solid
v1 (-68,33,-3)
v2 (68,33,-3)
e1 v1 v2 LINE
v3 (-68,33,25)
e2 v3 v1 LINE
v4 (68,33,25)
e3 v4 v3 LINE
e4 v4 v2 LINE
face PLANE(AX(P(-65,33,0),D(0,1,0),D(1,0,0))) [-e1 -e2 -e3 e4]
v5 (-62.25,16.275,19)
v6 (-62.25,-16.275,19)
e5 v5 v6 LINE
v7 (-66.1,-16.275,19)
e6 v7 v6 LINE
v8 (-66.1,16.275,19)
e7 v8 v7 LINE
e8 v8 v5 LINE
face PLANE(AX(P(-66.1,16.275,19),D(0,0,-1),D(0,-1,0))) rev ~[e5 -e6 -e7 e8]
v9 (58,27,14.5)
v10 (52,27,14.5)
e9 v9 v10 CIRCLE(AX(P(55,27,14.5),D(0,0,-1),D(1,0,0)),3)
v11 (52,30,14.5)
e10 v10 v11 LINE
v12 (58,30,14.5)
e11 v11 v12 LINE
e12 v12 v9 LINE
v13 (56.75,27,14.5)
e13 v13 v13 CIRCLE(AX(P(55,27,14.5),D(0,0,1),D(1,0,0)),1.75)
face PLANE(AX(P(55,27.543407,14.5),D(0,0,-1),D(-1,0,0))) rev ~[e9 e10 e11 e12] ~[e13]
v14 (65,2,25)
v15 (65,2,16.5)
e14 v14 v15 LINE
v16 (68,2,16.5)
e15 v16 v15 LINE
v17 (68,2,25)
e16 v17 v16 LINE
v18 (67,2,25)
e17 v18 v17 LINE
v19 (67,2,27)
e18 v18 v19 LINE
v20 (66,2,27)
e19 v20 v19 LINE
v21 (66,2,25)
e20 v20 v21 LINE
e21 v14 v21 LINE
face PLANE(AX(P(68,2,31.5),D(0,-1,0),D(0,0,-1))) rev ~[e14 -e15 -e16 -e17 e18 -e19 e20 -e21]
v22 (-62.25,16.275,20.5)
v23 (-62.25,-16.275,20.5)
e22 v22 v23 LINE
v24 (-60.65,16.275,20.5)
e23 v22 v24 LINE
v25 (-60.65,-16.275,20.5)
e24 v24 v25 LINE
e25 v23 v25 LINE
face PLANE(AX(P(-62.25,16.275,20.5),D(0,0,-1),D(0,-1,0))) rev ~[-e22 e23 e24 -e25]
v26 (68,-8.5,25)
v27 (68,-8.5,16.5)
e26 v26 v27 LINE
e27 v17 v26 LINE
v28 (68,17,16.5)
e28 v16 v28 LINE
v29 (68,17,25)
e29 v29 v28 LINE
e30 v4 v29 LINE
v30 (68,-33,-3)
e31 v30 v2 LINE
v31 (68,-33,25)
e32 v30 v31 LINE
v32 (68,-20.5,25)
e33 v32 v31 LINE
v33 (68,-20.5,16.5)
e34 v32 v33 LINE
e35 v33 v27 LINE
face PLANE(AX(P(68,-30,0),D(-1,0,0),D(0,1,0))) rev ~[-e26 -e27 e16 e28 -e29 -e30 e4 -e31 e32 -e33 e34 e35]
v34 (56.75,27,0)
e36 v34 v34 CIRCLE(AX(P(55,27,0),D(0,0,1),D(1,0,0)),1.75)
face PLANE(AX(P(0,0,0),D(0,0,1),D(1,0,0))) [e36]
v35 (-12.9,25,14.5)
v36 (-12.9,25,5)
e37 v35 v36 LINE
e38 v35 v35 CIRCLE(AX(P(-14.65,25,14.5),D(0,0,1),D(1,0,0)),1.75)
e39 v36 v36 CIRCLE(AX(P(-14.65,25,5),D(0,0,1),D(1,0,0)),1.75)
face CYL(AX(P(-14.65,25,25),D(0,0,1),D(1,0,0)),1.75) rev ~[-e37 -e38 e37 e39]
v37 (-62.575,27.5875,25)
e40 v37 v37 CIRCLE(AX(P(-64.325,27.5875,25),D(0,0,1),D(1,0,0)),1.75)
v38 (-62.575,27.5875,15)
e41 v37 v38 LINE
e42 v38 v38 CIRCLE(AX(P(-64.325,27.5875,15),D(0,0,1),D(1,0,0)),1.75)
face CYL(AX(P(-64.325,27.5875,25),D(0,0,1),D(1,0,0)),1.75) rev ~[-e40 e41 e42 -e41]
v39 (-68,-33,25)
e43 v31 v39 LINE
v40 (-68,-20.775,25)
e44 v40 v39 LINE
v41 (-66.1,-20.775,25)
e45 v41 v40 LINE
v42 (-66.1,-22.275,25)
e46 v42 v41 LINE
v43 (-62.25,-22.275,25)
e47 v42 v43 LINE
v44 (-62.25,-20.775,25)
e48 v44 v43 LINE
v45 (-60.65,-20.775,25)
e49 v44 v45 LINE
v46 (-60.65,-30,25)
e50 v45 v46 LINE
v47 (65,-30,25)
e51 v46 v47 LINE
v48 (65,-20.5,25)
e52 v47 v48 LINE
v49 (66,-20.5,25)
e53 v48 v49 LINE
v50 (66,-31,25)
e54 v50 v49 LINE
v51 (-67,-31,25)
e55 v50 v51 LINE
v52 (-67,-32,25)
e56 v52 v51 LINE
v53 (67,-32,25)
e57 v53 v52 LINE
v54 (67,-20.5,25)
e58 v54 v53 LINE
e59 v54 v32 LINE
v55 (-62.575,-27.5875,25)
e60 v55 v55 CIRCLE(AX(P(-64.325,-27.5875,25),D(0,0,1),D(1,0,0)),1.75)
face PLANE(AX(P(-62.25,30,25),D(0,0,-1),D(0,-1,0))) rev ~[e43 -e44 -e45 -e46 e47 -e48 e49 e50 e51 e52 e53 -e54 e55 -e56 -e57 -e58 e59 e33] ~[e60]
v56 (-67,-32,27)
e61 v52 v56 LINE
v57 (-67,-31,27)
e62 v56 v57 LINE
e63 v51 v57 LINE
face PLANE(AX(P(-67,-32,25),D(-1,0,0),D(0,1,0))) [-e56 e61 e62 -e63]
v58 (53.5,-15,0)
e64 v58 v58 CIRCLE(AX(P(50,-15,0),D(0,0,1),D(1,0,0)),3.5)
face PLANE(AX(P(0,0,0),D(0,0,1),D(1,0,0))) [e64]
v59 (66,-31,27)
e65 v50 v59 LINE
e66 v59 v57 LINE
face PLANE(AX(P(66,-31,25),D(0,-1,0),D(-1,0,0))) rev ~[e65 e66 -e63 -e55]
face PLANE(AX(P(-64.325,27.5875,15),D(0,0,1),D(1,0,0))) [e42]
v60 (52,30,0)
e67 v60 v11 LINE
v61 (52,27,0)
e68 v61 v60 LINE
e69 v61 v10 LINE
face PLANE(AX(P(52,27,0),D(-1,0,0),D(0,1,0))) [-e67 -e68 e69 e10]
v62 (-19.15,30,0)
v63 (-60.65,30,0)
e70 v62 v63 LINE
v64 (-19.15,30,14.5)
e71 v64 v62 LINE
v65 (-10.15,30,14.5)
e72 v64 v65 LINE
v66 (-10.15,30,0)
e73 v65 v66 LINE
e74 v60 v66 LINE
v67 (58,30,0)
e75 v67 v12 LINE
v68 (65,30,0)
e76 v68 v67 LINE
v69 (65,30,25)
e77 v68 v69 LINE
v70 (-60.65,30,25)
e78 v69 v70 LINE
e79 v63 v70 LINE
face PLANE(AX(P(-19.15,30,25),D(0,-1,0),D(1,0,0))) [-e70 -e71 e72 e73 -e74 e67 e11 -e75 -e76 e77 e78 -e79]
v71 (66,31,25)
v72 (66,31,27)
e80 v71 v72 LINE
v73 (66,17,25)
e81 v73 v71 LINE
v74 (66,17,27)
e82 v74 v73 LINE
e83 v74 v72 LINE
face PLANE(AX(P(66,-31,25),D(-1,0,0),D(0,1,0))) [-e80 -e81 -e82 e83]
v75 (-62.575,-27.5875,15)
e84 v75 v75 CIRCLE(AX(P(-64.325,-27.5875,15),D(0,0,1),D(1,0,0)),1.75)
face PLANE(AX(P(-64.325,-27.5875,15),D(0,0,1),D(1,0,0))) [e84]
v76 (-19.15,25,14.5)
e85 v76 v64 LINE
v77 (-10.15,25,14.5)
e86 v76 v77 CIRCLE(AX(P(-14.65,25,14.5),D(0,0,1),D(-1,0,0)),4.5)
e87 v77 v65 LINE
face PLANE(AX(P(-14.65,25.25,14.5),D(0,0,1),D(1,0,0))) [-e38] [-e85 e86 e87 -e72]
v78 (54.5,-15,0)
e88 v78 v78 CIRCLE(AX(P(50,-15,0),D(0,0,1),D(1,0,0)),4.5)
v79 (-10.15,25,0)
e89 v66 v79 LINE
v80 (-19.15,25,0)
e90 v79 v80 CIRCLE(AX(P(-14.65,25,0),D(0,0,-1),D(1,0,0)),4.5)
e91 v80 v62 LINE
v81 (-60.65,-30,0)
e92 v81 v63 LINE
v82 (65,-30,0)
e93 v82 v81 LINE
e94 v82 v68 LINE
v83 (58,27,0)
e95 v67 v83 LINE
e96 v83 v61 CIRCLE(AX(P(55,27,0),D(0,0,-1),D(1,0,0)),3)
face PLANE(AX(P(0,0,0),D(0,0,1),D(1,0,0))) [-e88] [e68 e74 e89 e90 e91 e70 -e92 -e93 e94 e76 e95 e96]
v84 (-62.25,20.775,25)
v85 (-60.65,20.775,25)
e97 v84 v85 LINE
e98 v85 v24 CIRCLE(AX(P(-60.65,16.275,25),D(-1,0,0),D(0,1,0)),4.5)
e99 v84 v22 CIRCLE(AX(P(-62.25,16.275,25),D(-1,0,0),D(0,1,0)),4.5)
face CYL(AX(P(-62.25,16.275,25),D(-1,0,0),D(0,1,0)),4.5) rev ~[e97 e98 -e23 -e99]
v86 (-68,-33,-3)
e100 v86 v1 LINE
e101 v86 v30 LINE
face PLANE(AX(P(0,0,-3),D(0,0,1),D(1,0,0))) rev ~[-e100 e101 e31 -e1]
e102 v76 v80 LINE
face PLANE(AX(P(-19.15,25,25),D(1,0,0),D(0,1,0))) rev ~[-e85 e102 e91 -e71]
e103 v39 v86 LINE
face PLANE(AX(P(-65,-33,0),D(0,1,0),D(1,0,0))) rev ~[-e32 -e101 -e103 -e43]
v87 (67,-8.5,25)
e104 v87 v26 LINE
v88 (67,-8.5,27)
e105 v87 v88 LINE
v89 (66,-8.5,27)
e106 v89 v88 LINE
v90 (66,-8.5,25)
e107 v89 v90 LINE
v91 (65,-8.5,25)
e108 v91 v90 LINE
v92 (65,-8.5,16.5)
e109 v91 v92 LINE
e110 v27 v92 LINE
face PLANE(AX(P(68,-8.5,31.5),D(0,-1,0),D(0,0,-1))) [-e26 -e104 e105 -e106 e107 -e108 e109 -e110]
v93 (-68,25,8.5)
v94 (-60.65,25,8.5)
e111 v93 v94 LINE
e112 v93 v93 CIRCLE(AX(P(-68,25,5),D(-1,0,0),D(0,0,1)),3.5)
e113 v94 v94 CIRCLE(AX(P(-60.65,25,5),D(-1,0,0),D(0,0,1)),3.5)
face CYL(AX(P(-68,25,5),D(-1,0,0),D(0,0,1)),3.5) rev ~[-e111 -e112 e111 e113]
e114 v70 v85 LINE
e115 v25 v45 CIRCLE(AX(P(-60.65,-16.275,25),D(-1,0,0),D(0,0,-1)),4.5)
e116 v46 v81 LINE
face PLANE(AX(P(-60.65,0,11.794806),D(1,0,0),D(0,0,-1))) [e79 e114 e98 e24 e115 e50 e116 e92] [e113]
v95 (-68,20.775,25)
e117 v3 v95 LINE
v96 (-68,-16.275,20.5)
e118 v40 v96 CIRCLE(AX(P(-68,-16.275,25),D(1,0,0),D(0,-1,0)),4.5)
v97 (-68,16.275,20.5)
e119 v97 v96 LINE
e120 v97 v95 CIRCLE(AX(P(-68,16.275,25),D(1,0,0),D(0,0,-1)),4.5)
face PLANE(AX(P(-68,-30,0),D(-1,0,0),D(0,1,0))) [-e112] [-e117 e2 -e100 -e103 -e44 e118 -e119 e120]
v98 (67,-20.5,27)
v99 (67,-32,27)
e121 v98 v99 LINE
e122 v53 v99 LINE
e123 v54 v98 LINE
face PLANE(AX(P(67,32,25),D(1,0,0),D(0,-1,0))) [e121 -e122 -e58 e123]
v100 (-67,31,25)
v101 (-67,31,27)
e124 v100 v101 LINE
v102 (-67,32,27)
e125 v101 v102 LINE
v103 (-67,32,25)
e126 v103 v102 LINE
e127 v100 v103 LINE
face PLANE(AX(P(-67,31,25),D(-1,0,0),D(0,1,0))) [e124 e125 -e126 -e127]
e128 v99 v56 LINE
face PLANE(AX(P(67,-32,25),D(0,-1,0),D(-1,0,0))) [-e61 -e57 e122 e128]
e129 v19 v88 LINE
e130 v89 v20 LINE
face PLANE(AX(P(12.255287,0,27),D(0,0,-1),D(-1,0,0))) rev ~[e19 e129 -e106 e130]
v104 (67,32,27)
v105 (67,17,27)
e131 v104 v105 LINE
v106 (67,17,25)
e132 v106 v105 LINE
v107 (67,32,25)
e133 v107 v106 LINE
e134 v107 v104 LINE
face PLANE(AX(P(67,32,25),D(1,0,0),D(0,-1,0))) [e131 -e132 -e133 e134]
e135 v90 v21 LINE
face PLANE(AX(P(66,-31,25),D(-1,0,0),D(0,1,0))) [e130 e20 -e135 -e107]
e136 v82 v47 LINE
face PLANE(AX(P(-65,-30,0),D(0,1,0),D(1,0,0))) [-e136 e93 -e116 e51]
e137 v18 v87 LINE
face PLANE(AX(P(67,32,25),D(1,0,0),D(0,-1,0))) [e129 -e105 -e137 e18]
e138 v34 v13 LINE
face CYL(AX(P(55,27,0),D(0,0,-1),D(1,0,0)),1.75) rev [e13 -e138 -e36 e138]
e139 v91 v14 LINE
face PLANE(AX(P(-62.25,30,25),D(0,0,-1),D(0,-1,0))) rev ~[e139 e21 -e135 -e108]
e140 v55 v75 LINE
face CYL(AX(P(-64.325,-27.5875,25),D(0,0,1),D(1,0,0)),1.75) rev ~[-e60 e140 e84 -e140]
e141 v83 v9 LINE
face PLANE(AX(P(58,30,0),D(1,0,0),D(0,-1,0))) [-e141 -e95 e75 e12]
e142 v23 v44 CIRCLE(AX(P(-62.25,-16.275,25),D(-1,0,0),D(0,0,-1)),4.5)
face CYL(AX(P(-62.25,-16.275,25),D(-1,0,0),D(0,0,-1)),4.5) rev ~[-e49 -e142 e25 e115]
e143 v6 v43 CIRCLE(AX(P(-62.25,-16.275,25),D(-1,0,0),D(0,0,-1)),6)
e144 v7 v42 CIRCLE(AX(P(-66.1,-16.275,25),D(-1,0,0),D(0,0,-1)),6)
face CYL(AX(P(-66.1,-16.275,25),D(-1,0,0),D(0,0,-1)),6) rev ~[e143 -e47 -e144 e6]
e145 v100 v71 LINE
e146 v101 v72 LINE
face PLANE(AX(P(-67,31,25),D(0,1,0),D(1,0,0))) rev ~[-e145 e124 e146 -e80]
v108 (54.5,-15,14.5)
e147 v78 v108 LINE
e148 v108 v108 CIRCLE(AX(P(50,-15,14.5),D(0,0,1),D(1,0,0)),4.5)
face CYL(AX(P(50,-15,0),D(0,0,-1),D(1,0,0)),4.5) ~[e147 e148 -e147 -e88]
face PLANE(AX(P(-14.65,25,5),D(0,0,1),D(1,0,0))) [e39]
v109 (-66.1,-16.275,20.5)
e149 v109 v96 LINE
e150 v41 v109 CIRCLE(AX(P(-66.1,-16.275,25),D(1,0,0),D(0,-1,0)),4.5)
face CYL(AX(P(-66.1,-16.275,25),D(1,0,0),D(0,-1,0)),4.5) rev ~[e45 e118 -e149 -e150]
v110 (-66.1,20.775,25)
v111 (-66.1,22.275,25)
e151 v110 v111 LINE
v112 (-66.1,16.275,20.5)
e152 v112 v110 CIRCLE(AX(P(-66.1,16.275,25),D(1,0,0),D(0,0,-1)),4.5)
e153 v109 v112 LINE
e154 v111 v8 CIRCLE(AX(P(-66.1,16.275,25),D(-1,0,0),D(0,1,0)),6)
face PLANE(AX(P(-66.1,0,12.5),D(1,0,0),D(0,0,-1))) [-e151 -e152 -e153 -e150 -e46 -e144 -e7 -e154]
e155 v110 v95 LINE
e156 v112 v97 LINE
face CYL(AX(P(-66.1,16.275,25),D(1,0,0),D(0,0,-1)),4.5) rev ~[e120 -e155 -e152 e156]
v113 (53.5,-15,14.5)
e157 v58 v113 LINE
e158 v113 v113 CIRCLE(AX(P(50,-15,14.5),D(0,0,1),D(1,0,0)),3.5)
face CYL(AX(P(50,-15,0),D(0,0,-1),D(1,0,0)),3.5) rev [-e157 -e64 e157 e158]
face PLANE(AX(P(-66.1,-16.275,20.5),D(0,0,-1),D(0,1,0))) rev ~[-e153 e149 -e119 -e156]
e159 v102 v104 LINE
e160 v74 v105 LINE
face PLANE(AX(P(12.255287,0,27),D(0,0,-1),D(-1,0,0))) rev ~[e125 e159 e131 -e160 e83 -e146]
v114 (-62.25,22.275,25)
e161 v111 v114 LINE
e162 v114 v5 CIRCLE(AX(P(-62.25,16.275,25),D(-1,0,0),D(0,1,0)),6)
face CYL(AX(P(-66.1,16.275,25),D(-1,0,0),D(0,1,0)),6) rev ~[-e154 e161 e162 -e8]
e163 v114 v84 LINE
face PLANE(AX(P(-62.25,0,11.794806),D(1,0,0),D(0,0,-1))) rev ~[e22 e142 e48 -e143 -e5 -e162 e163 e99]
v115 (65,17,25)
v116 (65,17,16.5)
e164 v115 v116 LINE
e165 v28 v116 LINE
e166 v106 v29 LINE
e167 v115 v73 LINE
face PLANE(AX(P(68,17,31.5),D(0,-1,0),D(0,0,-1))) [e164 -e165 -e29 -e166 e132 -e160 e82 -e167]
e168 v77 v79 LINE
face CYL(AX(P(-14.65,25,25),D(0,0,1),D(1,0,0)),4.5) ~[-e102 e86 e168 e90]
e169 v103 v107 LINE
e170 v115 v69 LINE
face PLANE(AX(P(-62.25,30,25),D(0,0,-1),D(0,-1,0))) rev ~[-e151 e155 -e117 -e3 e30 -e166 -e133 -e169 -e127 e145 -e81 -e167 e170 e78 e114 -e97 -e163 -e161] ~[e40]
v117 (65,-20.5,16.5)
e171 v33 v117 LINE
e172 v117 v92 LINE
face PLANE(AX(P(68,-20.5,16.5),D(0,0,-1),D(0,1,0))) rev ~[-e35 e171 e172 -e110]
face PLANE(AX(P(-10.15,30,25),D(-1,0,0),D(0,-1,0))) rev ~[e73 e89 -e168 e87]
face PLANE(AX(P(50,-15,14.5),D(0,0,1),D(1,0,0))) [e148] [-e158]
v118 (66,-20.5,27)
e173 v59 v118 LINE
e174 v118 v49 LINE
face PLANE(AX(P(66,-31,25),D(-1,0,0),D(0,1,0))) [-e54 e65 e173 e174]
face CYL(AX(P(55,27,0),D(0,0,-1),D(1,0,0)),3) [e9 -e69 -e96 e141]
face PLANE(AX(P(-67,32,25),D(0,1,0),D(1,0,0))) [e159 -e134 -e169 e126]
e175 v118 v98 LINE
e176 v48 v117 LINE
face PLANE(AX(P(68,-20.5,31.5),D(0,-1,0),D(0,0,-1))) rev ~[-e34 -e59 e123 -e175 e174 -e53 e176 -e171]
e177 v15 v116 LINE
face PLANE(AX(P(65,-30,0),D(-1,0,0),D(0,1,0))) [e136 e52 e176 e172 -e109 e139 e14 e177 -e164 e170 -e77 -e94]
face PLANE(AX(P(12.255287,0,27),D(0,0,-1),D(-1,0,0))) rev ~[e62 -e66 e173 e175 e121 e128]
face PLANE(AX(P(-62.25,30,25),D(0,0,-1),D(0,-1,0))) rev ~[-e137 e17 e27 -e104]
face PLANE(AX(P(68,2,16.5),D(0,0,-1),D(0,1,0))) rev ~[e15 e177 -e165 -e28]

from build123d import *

# Parameters (mm, degrees)
SZKIC1_W                    = 130
SZKIC1_H                    = 60
DODANIE_WYCI_GNI_CIE1_DEPTH = 25
SKORUPA1_T                  = 3
SZKIC3_W                    = 25
SZKIC3_H                    = 60
WYTNIJ_WYCI_GNI_CIE1_DEPTH  = 1.1
DODANIE_WYCI_GNI_CIE2_DEPTH = 3.85
DODANIE_WYCI_GNI_CIE3_DEPTH = 1.6
WYTNIJ_WYCI_GNI_CIE2_DEPTH  = 141.345324112
SZKIC8_R                    = 1.75
DODANIE_WYCI_GNI_CIE4_DEPTH = 25
SZKIC8_2_R                  = 1.75
WYTNIJ_WYCI_GNI_CIE3_DEPTH  = 10
DODANIE_WYCI_GNI_CIE5_START = 5
SZKIC9_R                    = 1.75
DODANIE_WYCI_GNI_CIE5_DEPTH = 5
DODANIE_WYCI_GNI_CIE6_DEPTH = 2
SZKIC11_W                   = 9
SZKIC11_H                   = 9.5
WYTNIJ_WYCI_GNI_CIE4_DEPTH  = 10.5
WYTNIJ_WYCI_GNI_CIE5_REACH  = 144.527
SZKIC15_W                   = 15
SZKIC15_H                   = 12
SZKIC15_H_2                 = 15
SZKIC16_R                   = 3.5
WYTNIJ_WYCI_GNI_CIE6_DEPTH  = 7.35
SZKIC17_R                   = 4.5
SZKIC17_R_2                 = 3.5
SZKIC17_R_3                 = 1.75
DODANIE_WYCI_GNI_CIE7_DEPTH = 14.5


with BuildPart() as part:
    # Szkic1 → Dodanie-wyciągnięcie1 (new body)
    with BuildSketch(Plane.XY):
        Rectangle(SZKIC1_W, SZKIC1_H)
    extrude(amount=DODANIE_WYCI_GNI_CIE1_DEPTH)

    # Skorupa1
    skorupa1_openings = [part.faces().sort_by_distance(p)[0] for p in [
        (0, 0, 25),
    ]]
    offset(amount=SKORUPA1_T, openings=skorupa1_openings, kind=Kind.INTERSECTION)

    # Szkic3 → Wytnij-wyciągnięcie1 (cut)
    with BuildSketch(Plane(origin=(-65, 0, 0), x_dir=(0, 0, -1), z_dir=(1, 0, 0))):
        with Locations((-12.5, 0)):
            Rectangle(SZKIC3_W, SZKIC3_H)
    extrude(amount=-WYTNIJ_WYCI_GNI_CIE1_DEPTH, mode=Mode.SUBTRACT)

    # Szkic4 → Dodanie-wyciągnięcie2 (add)
    with BuildSketch(Plane(origin=(-66.1, 0, 0), x_dir=(0, 0, -1), z_dir=(1, 0, 0))):
        with BuildLine():
            Line((0, 30), (-25, 30))
            Line((-25, 30), (-25, 22.275))
            ThreePointArc((-25, 22.275), (-20.757359313, 20.517640687), (-19, 16.275))
            Line((-19, 16.275), (-19, -16.275))
            ThreePointArc((-19, -16.275), (-20.757359313, -20.517640687), (-25, -22.275))
            Line((-25, -22.275), (-25, -30))
            Line((-25, -30), (0, -30))
            Line((0, -30), (0, 30))
        make_face()
    extrude(amount=DODANIE_WYCI_GNI_CIE2_DEPTH)

    # Szkic5 → Dodanie-wyciągnięcie3 (add)
    with BuildSketch(Plane(origin=(-62.25, 0, 0), x_dir=(0, 0, -1), z_dir=(1, 0, 0))):
        with BuildLine():
            ThreePointArc((-25, 20.775), (-21.818019485, 19.456980515), (-20.5, 16.275))
            Line((-20.5, 16.275), (-20.5, -16.275))
            ThreePointArc((-20.5, -16.275), (-21.818019485, -19.456980515), (-25, -20.775))
            Line((-25, -20.775), (-25, -30))
            Line((-25, -30), (0, -30))
            Line((0, -30), (0, 30))
            Line((0, 30), (-25, 30))
            Line((-25, 30), (-25, 20.775))
        make_face()
    extrude(amount=DODANIE_WYCI_GNI_CIE3_DEPTH)

    # Szkic6 → Wytnij-wyciągnięcie2 (cut, through all)
    with BuildSketch(Plane(origin=(-66.1, 0, 0), x_dir=(0, 0, -1), z_dir=(1, 0, 0))):
        with BuildLine():
            Line((-20.5, -16.275), (-20.5, 16.275))
            ThreePointArc((-20.5, 16.275), (-21.818019485, 19.456980515), (-25, 20.775))
            Line((-25, 20.775), (-25, -20.775))
            ThreePointArc((-25, -20.775), (-21.818019485, -19.456980515), (-20.5, -16.275))
        make_face()
    extrude(amount=-WYTNIJ_WYCI_GNI_CIE2_DEPTH, mode=Mode.SUBTRACT)

    # Szkic8 → Dodanie-wyciągnięcie4 (add)
    # profile 1 of 3: a face of its own
    with BuildSketch(Plane.XY.offset(25)):
        with Locations((-64.325, 27.5875)):
            Circle(SZKIC8_R)
    # profile 2 of 3: a face of its own
    with BuildSketch(Plane.XY.offset(25)):
        with Locations((-64.325, -27.5875)):
            Circle(SZKIC8_R)
    # profile 3 of 3: a face of its own
    with BuildSketch(Plane.XY.offset(25)):
        with BuildLine():
            Line((-19.15, 25), (-19.15, 30))
            Line((-19.15, 30), (-10.15, 30))
            Line((-10.15, 30), (-10.15, 25))
            ThreePointArc((-10.15, 25), (-14.65, 20.5), (-19.15, 25))
        make_face()
        with Locations((-14.65, 25)):
            Circle(SZKIC8_R, mode=Mode.SUBTRACT)
    extrude(amount=-DODANIE_WYCI_GNI_CIE4_DEPTH)

    # Szkic8<2> → Wytnij-wyciągnięcie3 (cut)
    with BuildSketch(Plane.XY.offset(25)):
        with Locations((-64.325, 27.5875)):
            Circle(SZKIC8_2_R)
        with Locations((-64.325, -27.5875)):
            Circle(SZKIC8_2_R)
    extrude(amount=-WYTNIJ_WYCI_GNI_CIE3_DEPTH, mode=Mode.SUBTRACT)

    # Szkic9 → Dodanie-wyciągnięcie5 (add)
    with BuildSketch(Plane.XY.offset(DODANIE_WYCI_GNI_CIE5_START)):
        with Locations((-14.65, 25)):
            Circle(SZKIC9_R)
    extrude(amount=-DODANIE_WYCI_GNI_CIE5_DEPTH)

    # Szkic10 → Dodanie-wyciągnięcie6 (add)
    with BuildSketch(Plane.XY.offset(25)):
        Polygon((-61.65, 31), (-67, 31), (-67, 32), (67, 32), (67, -32), (-67, -32), (-67, -31), (-61.65, -31), (66, -31), (66, 31), (-11.15, 31), (-18.15, 31), align=None)
    extrude(amount=DODANIE_WYCI_GNI_CIE6_DEPTH)

    # Szkic11 → Wytnij-wyciągnięcie4 (cut)
    with BuildSketch(Plane.XY.offset(25)):
        with Locations((-14.65, 25.25)):
            Rectangle(SZKIC11_W, SZKIC11_H)
    extrude(amount=-WYTNIJ_WYCI_GNI_CIE4_DEPTH, mode=Mode.SUBTRACT)

    # Szkic15 → Wytnij-wyciągnięcie5 (cut, up to next)
    with BuildSketch(Plane(origin=(68, 0, 0), x_dir=(0, 0, -1), z_dir=(1, 0, 0)), mode=Mode.PRIVATE) as wytnij_wyci_gni_cie5_sk1:
        with Locations((-24, -14.5)):
            Rectangle(SZKIC15_W, SZKIC15_H)
    wytnij_wyci_gni_cie5_tool1 = extrude(wytnij_wyci_gni_cie5_sk1.sketch, amount=-WYTNIJ_WYCI_GNI_CIE5_REACH, mode=Mode.PRIVATE) & part.part
    # Szkic15 → Wytnij-wyciągnięcie5 (cut, up to next)
    with BuildSketch(Plane(origin=(68, 0, 0), x_dir=(0, 0, -1), z_dir=(1, 0, 0)), mode=Mode.PRIVATE) as wytnij_wyci_gni_cie5_sk2:
        with Locations((-24, 9.5)):
            Rectangle(SZKIC15_W, SZKIC15_H_2)
    wytnij_wyci_gni_cie5_tool2 = extrude(wytnij_wyci_gni_cie5_sk2.sketch, amount=-WYTNIJ_WYCI_GNI_CIE5_REACH, mode=Mode.PRIVATE) & part.part
    add(wytnij_wyci_gni_cie5_tool1.solids().sort_by_distance((68, -14.5, 24))[0], mode=Mode.SUBTRACT)
    add(wytnij_wyci_gni_cie5_tool2.solids().sort_by_distance((68, 9.5, 24))[0], mode=Mode.SUBTRACT)

    # Szkic16 → Wytnij-wyciągnięcie6 (cut)
    with BuildSketch(Plane.ZY.offset(68)):
        with Locations((5, 25)):
            Circle(SZKIC16_R)
    extrude(amount=-WYTNIJ_WYCI_GNI_CIE6_DEPTH, mode=Mode.SUBTRACT)

    # Szkic17 → Dodanie-wyciągnięcie7 (add)
    # profile 1 of 2: a face of its own
    with BuildSketch(Plane.XY):
        with Locations((50, -15)):
            Circle(SZKIC17_R)
        with Locations((50, -15)):
            Circle(SZKIC17_R_2, mode=Mode.SUBTRACT)
    # profile 2 of 2: a face of its own
    with BuildSketch(Plane.XY):
        with BuildLine():
            Line((52, 27), (52, 30))
            Line((52, 30), (58, 30))
            Line((58, 30), (58, 27))
            ThreePointArc((58, 27), (55, 24), (52, 27))
        make_face()
        with Locations((55, 27)):
            Circle(SZKIC17_R_3, mode=Mode.SUBTRACT)
    extrude(amount=DODANIE_WYCI_GNI_CIE7_DEPTH)


solid = part.part
